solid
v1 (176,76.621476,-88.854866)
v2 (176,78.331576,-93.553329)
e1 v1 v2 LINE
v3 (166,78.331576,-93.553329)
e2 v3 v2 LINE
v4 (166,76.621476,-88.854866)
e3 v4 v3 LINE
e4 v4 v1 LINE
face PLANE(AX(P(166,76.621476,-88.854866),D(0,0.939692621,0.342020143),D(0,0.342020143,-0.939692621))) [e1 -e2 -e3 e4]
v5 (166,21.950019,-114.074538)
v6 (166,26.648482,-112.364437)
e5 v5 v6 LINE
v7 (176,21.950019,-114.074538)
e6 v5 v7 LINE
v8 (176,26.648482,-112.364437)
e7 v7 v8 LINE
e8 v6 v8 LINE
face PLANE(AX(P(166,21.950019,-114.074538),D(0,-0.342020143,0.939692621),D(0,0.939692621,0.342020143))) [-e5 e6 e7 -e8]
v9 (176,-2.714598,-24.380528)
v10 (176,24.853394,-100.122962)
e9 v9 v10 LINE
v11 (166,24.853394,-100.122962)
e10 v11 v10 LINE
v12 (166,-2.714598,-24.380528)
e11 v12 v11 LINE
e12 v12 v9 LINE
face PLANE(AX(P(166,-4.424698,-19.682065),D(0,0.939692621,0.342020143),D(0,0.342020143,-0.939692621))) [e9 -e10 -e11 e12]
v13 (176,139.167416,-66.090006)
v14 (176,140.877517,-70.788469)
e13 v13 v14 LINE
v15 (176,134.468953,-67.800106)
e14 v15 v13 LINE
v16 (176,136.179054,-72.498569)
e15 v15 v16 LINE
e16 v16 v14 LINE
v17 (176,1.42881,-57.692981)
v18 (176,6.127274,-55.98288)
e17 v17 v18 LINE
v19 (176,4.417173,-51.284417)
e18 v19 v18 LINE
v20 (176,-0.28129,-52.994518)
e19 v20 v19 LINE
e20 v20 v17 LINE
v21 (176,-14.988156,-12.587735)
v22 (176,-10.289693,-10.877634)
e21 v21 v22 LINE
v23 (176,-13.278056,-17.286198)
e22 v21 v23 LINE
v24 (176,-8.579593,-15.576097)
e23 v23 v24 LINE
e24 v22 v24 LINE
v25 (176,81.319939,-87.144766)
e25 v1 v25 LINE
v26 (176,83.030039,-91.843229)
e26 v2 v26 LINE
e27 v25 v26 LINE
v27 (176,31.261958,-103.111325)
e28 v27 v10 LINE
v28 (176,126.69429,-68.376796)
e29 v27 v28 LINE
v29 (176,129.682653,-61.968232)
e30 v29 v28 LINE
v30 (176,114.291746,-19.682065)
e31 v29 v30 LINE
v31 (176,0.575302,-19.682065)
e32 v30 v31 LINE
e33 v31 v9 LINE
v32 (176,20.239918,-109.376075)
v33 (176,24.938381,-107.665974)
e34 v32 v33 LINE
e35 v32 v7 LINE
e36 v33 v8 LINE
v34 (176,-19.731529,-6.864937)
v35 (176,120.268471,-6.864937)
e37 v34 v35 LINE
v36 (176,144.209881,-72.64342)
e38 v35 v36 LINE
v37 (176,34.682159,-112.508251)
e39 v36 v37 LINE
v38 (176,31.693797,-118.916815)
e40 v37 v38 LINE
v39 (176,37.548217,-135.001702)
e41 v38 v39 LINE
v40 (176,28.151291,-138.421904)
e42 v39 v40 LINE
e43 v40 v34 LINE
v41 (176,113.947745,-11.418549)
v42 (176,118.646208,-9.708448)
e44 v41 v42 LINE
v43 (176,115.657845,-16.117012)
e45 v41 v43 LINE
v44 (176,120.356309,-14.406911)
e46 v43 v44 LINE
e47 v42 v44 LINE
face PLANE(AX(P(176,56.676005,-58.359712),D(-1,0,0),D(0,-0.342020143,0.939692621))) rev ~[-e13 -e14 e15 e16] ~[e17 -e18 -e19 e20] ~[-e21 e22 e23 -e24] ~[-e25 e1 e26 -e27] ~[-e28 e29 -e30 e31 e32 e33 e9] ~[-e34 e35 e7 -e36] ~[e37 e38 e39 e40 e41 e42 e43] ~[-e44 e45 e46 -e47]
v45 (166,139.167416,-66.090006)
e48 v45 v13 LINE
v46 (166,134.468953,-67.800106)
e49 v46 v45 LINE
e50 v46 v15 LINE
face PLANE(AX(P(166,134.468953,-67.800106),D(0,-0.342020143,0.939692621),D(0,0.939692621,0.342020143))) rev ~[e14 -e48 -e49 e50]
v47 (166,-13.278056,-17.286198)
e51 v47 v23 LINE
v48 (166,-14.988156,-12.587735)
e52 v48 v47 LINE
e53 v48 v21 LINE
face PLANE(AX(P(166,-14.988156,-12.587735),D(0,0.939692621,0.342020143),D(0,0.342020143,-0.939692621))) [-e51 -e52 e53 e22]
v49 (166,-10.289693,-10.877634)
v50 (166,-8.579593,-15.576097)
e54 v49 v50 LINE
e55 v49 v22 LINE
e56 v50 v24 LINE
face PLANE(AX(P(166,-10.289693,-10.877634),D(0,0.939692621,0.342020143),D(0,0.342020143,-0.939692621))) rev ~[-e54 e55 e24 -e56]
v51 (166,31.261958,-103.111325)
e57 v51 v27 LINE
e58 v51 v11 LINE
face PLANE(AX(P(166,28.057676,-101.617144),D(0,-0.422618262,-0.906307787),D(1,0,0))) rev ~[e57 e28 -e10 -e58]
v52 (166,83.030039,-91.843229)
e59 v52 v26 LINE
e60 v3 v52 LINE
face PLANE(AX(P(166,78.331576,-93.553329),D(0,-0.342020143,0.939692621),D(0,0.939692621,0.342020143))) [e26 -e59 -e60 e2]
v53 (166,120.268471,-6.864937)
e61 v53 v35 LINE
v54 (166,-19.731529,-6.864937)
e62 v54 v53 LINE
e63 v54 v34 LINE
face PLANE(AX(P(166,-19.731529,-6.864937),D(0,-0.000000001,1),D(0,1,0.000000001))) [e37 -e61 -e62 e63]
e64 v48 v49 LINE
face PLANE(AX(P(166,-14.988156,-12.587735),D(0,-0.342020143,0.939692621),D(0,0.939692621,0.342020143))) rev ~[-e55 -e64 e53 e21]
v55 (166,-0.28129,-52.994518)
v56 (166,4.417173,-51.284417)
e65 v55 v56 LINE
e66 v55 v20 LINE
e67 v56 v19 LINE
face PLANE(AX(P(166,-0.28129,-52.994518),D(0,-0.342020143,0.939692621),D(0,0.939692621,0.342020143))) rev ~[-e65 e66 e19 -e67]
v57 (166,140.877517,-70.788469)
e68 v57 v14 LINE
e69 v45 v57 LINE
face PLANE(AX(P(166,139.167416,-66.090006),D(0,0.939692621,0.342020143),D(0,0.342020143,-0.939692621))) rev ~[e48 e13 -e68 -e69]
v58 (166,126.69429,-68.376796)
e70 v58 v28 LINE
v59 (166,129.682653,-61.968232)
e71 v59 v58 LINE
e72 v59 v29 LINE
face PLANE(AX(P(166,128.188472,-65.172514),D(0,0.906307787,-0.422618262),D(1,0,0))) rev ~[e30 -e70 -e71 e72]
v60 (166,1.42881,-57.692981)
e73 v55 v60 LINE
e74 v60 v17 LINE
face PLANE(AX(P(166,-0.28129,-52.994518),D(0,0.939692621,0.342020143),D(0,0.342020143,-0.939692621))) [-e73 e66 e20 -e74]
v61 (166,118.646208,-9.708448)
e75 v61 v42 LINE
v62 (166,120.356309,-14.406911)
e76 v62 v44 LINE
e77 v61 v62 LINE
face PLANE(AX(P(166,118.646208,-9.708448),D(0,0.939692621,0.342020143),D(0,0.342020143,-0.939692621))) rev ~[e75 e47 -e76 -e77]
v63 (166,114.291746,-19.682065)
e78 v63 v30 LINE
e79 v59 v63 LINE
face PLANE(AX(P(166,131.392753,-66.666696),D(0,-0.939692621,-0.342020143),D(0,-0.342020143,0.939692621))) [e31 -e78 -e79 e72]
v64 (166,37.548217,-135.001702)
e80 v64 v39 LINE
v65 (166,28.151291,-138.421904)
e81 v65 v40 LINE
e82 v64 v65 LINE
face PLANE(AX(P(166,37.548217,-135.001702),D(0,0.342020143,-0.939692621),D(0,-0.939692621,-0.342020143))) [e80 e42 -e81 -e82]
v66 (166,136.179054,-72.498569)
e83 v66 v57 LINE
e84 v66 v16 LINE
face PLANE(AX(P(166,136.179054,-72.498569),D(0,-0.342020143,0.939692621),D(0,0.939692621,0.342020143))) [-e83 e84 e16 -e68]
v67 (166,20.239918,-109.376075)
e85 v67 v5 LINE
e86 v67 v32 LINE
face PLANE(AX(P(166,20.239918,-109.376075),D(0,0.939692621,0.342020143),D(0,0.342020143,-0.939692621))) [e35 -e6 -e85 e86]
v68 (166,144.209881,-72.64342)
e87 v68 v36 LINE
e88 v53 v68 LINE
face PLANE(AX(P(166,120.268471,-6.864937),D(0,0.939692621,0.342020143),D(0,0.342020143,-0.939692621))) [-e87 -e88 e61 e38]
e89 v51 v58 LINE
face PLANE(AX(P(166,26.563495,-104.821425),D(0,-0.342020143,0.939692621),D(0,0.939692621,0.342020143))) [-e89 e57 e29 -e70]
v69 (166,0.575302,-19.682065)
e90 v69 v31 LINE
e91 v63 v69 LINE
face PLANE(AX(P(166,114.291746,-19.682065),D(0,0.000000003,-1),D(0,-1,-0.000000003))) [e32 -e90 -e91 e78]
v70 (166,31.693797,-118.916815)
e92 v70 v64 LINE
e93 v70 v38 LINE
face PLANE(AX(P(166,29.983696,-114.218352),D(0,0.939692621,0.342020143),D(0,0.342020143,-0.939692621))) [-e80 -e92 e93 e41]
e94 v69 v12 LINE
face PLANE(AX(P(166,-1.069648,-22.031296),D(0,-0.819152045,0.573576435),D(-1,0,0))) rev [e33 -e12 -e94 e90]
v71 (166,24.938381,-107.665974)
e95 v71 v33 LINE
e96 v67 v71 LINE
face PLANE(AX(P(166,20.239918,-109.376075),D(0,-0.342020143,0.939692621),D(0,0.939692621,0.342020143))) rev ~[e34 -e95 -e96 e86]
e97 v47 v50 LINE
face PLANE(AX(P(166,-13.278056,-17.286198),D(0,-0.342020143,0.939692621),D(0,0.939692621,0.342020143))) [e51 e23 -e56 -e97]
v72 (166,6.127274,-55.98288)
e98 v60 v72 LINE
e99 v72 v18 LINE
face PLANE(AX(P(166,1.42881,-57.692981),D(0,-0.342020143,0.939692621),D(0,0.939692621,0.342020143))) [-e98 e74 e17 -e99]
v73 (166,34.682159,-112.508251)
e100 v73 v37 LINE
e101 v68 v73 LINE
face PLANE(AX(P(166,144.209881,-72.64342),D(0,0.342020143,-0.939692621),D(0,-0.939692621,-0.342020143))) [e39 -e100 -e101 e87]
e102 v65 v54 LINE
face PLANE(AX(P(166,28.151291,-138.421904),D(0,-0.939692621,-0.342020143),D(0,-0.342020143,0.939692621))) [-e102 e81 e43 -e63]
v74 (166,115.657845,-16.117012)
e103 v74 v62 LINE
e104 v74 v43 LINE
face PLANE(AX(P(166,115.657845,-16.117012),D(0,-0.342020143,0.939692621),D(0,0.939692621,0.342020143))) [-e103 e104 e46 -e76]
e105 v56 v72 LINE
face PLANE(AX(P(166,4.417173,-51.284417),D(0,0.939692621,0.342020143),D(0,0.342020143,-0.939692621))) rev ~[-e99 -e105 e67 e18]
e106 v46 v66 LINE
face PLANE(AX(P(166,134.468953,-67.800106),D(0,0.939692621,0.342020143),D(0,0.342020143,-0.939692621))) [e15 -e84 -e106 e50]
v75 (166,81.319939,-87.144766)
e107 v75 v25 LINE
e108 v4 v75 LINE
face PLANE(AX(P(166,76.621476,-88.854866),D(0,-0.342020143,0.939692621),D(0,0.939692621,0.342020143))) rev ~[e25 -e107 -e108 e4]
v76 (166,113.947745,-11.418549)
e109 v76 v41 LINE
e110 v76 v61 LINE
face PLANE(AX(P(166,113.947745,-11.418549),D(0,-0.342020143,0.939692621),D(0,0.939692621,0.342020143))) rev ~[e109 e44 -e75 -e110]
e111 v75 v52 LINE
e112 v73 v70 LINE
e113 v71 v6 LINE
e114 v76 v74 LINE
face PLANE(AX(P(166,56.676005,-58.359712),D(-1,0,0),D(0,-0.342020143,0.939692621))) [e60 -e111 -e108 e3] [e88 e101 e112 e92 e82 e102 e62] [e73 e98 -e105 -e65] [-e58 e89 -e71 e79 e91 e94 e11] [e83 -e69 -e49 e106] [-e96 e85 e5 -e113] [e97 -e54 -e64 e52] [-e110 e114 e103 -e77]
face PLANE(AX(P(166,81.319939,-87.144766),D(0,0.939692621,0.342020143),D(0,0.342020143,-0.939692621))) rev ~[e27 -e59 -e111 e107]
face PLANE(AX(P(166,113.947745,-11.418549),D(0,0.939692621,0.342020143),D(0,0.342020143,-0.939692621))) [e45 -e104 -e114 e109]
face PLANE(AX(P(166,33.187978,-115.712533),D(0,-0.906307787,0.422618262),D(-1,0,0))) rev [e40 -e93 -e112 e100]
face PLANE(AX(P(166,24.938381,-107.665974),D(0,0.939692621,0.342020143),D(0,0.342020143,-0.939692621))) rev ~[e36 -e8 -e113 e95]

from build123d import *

# Parameters (mm, degrees)
PAD023_DEPTH            = 10
SKETCH037_W             = 5
SKETCH037_H             = 5
POCKET014_DEPTH         = 10
CHAMFER001_SIZE         = 5
BODY012_PLACEMENT_ANGLE = 70


with BuildPart() as part:
    # Sketch038 → Pad023 (new body)
    with BuildSketch(Plane.YZ):
        Polygon((0, 0), (47.88282, 131.556967), (117.88282, 131.556967), (117.88282, 10), (140, 10), (140, 0), align=None)
        Polygon((57.88282, 121.556967), (17.279405, 10), (107.88282, 10), (107.88282, 121.556967), align=None, mode=Mode.SUBTRACT)
    extrude(amount=PAD023_DEPTH)

    # Sketch037 → Pocket014 (cut)
    with BuildSketch(Plane.YZ):
        with Locations((112.5, 5)):
            Rectangle(SKETCH037_W, SKETCH037_H)
        with Locations((9.5, 5)):
            Rectangle(SKETCH037_W, SKETCH037_H)
        with Locations((52.5, 126.56)):
            Rectangle(SKETCH037_W, SKETCH037_H)
        with Locations((112.5, 126.56)):
            Rectangle(SKETCH037_W, SKETCH037_H)
        with Locations((52.5, 5)):
            Rectangle(SKETCH037_W, SKETCH037_H)
        with Locations((112.5, 65)):
            Rectangle(SKETCH037_W, SKETCH037_H)
    extrude(amount=POCKET014_DEPTH, mode=Mode.SUBTRACT)

    # Chamfer001
    chamfer001_edges = [part.edges().sort_by_distance(p)[0] for p in [
        (5, 117.88282, 10),
        (5, 107.88282, 10),
        (5, 107.88282, 121.556967),
        (5, 17.279405, 10),
    ]]
    chamfer(chamfer001_edges, length=CHAMFER001_SIZE)


with BuildPart() as part_1:
    # Body012 placement: moved
    add(part.part.moved(Location((166, -19.731529, -6.864937))).rotate(Axis((166, -19.731529, -6.864937), (-1, 0, 0)), BODY012_PLACEMENT_ANGLE))


solid = part_1.part
